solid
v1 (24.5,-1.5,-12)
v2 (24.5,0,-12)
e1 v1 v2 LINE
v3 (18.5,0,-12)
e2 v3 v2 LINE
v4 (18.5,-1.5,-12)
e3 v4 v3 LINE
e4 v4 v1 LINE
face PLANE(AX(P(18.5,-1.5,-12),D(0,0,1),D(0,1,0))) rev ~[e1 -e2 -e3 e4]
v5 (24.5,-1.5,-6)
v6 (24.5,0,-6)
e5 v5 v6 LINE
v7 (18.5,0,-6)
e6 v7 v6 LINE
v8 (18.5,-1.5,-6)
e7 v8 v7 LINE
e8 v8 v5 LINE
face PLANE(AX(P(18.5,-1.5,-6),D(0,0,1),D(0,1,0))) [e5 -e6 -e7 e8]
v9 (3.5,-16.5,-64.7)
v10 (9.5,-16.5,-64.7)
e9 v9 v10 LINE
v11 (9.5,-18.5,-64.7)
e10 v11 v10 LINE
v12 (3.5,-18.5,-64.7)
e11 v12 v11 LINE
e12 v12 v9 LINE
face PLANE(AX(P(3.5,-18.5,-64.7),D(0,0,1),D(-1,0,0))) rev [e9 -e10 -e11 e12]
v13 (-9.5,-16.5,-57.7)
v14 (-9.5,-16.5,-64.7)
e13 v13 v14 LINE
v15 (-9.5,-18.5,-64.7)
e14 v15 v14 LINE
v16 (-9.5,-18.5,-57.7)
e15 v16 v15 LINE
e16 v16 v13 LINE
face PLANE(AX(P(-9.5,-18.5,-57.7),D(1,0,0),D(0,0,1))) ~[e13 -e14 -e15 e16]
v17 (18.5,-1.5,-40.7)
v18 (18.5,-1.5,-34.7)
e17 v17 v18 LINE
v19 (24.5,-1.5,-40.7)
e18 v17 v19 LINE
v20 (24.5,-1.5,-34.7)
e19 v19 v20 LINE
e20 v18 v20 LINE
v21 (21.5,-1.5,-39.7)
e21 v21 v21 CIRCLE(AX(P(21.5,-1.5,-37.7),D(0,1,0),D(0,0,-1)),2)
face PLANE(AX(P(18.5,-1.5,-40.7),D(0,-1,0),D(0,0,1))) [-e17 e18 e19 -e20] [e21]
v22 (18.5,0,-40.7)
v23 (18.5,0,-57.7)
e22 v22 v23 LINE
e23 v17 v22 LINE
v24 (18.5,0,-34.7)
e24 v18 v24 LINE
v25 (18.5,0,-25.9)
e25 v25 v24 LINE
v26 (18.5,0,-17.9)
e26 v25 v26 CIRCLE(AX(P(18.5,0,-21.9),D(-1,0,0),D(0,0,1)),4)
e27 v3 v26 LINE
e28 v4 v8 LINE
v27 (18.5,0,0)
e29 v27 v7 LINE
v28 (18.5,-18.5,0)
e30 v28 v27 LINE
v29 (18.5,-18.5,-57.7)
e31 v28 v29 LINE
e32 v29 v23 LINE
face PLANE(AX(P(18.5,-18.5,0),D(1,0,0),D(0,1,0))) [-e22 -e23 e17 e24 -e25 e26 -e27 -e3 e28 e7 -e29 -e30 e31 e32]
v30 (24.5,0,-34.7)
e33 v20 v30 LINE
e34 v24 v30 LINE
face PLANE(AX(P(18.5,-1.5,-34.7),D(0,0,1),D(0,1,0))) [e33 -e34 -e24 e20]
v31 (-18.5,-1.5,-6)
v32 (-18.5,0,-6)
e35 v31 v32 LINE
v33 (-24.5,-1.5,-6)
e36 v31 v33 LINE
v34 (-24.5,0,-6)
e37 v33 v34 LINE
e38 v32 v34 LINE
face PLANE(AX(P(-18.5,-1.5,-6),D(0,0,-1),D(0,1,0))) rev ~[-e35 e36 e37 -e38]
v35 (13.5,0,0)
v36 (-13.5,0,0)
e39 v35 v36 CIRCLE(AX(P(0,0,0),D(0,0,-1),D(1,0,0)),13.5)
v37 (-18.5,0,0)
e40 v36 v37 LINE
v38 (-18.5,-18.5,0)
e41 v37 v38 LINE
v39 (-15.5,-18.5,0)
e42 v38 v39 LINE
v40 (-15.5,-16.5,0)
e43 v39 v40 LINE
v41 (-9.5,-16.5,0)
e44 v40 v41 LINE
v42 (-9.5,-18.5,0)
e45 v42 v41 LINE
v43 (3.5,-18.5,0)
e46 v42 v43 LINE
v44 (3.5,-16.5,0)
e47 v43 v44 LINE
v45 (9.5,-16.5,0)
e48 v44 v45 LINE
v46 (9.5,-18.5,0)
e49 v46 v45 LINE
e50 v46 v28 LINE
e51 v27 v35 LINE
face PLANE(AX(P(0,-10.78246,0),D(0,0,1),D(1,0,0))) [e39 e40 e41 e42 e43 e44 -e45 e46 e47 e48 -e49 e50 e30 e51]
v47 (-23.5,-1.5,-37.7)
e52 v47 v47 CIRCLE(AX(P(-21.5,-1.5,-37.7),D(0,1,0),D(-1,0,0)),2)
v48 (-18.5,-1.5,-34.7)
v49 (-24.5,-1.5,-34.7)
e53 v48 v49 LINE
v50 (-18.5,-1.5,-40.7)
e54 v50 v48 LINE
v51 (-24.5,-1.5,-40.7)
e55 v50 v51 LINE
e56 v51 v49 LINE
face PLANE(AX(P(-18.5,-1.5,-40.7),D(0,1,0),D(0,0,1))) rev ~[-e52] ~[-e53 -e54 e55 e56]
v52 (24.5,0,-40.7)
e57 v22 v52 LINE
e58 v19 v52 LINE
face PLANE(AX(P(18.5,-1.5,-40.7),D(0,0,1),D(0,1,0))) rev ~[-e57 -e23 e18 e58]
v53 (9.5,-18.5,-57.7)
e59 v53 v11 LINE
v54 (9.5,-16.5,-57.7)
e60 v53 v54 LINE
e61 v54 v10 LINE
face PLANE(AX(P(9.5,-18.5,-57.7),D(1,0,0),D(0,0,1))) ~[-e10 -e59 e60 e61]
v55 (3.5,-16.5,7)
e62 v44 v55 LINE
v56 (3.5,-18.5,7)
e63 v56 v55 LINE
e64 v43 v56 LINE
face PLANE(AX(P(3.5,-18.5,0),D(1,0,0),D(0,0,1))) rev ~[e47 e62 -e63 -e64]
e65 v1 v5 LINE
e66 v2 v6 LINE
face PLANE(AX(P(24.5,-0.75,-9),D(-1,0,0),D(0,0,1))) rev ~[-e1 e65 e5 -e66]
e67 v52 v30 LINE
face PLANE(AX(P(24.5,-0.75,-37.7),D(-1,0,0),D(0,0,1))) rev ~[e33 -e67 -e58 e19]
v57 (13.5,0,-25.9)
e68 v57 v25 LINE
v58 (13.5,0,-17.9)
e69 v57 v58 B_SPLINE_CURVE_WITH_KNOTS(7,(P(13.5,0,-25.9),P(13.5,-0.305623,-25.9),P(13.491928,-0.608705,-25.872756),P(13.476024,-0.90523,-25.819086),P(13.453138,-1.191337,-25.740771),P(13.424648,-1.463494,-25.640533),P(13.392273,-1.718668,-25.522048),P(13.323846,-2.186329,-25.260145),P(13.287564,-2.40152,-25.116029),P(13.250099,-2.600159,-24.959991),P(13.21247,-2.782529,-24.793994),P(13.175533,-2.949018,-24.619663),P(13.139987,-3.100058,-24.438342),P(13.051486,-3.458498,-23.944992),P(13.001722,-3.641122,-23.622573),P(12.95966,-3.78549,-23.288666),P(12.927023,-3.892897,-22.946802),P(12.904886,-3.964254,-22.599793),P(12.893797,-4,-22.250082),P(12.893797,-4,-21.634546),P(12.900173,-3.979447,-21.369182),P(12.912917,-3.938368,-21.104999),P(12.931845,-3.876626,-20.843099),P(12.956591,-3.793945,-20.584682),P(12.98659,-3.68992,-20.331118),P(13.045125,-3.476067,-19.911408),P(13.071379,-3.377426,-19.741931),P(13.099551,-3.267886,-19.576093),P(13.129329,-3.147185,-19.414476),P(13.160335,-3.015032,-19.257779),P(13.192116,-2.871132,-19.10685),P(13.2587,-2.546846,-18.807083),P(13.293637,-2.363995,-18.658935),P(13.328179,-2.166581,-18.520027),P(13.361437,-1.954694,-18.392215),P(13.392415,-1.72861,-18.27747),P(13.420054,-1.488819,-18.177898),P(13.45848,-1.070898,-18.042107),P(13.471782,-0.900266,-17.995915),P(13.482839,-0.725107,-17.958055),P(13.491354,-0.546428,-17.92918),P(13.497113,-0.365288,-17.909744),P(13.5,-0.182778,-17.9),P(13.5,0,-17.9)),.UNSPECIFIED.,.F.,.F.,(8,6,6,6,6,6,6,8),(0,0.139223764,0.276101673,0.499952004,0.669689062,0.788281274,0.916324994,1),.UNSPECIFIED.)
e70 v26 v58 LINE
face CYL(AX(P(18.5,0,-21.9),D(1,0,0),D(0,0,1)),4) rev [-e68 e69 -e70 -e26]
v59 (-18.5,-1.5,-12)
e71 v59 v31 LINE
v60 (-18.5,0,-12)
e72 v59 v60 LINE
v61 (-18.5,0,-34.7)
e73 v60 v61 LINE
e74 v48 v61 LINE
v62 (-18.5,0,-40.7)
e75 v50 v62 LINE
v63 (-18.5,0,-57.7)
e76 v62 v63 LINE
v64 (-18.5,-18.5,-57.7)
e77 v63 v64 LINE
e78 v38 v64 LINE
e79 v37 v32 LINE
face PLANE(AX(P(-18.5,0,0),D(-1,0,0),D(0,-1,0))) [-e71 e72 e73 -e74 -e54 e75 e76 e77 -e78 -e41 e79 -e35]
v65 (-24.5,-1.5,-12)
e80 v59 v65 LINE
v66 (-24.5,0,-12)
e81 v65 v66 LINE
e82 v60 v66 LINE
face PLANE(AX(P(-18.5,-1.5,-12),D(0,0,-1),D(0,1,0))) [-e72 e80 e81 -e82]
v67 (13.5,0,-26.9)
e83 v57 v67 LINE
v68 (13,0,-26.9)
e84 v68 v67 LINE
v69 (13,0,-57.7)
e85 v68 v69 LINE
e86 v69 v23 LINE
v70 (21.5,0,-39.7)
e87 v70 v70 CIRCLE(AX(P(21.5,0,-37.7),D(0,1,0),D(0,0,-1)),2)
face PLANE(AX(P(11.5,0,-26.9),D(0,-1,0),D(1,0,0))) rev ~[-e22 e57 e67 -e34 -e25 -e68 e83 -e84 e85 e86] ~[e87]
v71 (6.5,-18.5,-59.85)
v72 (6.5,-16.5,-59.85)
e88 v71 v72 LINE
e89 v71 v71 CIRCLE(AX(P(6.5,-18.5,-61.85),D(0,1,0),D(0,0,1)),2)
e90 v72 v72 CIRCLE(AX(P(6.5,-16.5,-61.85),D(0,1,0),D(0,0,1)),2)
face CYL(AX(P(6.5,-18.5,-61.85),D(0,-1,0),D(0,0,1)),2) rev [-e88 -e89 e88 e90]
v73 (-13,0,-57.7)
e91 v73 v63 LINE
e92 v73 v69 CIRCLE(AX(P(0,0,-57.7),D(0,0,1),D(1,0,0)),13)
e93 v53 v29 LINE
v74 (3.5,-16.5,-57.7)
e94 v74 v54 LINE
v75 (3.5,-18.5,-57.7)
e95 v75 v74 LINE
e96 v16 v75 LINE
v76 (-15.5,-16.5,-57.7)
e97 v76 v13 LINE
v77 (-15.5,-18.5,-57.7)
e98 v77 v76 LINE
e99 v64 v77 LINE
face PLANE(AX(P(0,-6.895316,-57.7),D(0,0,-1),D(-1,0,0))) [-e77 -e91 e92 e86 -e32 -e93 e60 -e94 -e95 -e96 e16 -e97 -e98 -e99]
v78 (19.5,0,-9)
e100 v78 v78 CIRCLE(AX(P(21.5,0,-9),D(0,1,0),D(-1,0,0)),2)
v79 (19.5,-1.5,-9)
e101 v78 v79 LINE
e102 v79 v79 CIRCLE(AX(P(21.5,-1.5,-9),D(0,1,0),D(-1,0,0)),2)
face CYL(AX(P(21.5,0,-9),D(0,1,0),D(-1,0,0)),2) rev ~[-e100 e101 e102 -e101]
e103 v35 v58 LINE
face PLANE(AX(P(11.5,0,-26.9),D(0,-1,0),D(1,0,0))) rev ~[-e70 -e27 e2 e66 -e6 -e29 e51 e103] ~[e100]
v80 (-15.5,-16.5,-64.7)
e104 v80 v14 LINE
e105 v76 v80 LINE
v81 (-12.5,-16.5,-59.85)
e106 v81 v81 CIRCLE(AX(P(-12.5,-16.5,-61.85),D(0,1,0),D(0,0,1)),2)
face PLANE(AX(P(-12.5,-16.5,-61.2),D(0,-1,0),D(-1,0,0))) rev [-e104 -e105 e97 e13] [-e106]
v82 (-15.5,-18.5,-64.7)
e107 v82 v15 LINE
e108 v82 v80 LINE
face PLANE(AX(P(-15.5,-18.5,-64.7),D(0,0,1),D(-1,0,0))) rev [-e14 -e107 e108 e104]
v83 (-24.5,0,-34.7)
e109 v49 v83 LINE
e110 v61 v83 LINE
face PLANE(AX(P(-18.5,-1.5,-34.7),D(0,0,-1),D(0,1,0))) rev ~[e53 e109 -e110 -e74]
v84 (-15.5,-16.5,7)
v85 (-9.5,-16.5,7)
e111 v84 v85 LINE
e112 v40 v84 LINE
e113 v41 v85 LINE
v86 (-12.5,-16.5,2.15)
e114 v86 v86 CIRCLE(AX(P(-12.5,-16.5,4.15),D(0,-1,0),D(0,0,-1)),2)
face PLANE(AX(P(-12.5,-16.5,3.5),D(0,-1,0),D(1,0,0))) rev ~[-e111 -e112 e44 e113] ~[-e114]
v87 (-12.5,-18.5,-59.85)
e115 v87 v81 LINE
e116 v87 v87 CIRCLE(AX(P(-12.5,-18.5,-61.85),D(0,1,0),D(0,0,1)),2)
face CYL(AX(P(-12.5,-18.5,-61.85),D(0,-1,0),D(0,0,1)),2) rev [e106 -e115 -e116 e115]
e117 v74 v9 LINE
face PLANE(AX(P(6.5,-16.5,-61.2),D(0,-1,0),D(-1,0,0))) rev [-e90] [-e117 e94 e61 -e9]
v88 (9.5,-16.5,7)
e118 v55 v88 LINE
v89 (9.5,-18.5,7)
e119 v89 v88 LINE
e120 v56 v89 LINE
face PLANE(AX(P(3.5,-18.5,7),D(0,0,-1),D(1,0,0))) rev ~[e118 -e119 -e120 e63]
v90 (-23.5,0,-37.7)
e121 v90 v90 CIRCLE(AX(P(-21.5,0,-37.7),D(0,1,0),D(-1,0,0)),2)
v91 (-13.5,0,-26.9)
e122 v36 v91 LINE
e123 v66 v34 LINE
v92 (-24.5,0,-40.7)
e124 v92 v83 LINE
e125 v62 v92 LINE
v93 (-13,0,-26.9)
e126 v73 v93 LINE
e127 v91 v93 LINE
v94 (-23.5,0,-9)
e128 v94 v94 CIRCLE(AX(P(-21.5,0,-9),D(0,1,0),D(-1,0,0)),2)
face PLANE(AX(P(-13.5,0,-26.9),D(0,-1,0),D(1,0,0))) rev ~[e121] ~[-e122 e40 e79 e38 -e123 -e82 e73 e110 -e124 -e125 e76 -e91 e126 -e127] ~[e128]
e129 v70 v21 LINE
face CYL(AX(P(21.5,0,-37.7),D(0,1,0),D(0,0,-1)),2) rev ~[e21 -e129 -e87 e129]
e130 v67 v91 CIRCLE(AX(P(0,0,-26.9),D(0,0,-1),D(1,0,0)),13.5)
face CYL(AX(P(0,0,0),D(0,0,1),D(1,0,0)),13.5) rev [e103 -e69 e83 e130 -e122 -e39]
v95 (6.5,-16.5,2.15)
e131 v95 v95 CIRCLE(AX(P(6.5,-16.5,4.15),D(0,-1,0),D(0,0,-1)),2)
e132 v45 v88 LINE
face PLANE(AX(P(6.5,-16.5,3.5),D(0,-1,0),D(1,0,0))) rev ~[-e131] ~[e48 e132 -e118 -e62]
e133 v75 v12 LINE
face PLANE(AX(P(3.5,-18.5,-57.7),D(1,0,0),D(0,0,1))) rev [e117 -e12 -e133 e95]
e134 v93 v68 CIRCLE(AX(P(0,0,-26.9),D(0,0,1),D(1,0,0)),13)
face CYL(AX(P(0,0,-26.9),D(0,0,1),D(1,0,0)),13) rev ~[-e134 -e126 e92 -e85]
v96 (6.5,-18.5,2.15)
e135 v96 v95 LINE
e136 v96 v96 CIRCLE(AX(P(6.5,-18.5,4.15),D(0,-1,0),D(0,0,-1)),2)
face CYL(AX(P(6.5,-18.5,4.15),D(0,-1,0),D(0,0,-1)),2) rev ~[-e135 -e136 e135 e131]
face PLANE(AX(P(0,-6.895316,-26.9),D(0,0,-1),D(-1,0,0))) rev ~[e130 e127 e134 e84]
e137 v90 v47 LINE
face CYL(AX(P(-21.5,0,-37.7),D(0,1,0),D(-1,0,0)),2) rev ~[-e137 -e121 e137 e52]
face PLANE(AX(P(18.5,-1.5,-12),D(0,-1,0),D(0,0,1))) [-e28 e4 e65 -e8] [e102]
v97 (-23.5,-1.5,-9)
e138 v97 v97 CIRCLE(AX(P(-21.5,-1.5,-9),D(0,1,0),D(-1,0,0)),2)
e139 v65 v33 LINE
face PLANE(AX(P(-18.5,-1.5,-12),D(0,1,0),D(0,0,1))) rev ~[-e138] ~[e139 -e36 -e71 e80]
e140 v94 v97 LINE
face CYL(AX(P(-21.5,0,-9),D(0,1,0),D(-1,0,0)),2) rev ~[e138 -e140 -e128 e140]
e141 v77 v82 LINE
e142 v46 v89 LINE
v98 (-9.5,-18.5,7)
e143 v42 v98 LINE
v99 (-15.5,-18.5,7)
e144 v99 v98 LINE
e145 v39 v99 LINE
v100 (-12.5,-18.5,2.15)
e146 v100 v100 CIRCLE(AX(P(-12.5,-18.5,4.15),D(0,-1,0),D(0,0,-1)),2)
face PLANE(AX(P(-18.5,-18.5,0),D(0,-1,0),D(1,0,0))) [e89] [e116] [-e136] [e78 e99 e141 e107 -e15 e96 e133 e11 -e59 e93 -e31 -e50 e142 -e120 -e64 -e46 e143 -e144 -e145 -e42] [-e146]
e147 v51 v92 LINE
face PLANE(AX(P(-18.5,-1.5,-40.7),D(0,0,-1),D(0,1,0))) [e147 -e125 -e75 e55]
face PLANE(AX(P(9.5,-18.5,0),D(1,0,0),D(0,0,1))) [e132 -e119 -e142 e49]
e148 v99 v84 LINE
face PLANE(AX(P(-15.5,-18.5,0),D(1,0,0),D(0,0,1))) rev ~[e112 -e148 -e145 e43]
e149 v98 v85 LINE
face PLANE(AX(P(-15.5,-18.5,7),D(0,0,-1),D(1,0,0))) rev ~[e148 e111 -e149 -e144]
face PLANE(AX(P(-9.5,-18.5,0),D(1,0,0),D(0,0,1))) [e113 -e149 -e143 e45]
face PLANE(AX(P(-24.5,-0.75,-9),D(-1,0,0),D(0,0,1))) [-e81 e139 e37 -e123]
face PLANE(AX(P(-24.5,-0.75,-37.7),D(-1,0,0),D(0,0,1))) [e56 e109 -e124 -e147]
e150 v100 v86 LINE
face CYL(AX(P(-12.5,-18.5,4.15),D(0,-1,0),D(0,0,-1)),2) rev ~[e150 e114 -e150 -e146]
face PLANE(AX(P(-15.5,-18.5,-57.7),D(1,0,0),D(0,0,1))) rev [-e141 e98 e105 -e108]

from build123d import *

# Parameters (mm, degrees)
EXTRUDE_1_DEPTH     = 57.7
EXTRUDE_2_DEPTH     = 30.8
SKETCH_5_R          = 4
CUT_EXTRUDE_1_DEPTH = 15
SKETCH_7_W          = 6
SKETCH_7_H          = 7
SKETCH_7_R          = 2
EXTRUDE_3_DEPTH     = 2
SKETCH_8_W          = 6
SKETCH_8_H          = 1.5
EXTRUDE_4_DEPTH     = 6
EXTRUDE_START       = -37
SKETCH_8_3_W        = 6
SKETCH_8_3_H        = 1.5
EXTRUDE_5_DEPTH     = 6
SKETCH_9_R          = 2
CUT_EXTRUDE_2_DEPTH = 6
SKETCH_10_R         = 13
CUT_EXTRUDE_3_DEPTH = 49.696406438


with BuildPart() as part:
    # 스케치1 → 보스-돌출1 (new body)
    with BuildSketch(Plane.XY):
        with BuildLine():
            Line((-13.5, 0), (-18.5, 0))
            Line((-18.5, 0), (-18.5, -18.5))
            Line((-18.5, -18.5), (18.5, -18.5))
            Line((18.5, -18.5), (18.5, 0))
            Line((18.5, 0), (13.5, 0))
            ThreePointArc((13.5, 0), (0, -13.5), (-13.5, 0))
        make_face()
    extrude(amount=-EXTRUDE_1_DEPTH)

    # 스케치3 → 보스-돌출2 (add)
    with BuildSketch(Plane.XY.offset(-26.9)):
        with BuildLine():
            Line((-13.5, 0), (-11.5, 0))
            ThreePointArc((-11.5, 0), (0, -11.5), (11.5, 0))
            Line((11.5, 0), (13.5, 0))
            ThreePointArc((13.5, 0), (0, -13.5), (-13.5, 0))
        make_face()
    extrude(amount=-EXTRUDE_2_DEPTH)

    # 스케치5 → 컷-돌출1 (cut)
    with BuildSketch(Plane.ZY.offset(-18.5)):
        with Locations((-21.9, 0)):
            Circle(SKETCH_5_R)
    extrude(amount=CUT_EXTRUDE_1_DEPTH, mode=Mode.SUBTRACT)

    # 스케치7 → 보스-돌출3 (add)
    # profile 1 of 2: a face of its own
    with BuildSketch(Plane.XZ.offset(18.5)):
        with Locations((6.5, 3.5)):
            Rectangle(SKETCH_7_W, SKETCH_7_H)
        with Locations(Location((6.5, 4.15, 0), (0, 0, 270))):
            Circle(SKETCH_7_R, mode=Mode.SUBTRACT)
    # profile 2 of 2: a face of its own
    with BuildSketch(Plane.XZ.offset(18.5)):
        with Locations((-12.5, 3.5)):
            Rectangle(SKETCH_7_W, SKETCH_7_H)
        with Locations(Location((-12.5, 4.15, 0), (0, 0, 270))):
            Circle(SKETCH_7_R, mode=Mode.SUBTRACT)
    extrude_3 = extrude(amount=-EXTRUDE_3_DEPTH)

    # 대칭 복사1: 보스-돌출3 across plane
    add(extrude_3.mirror(Plane.XY.offset(-28.85)))

    # 스케치8 → 보스-돌출4 (add)
    with BuildSketch(Plane.ZY.offset(18.5)):
        with Locations((-9, -0.75)):
            Rectangle(SKETCH_8_W, SKETCH_8_H)
        with Locations((-37.7, -0.75)):
            Rectangle(SKETCH_8_W, SKETCH_8_H)
    extrude(amount=EXTRUDE_4_DEPTH)

    # 스케치8<3> → 보스-돌출5 (add)
    with BuildSketch(Plane.ZY.offset(18.5).offset(EXTRUDE_START)):
        with Locations((-9, -0.75)):
            Rectangle(SKETCH_8_3_W, SKETCH_8_3_H)
        with Locations((-37.7, -0.75)):
            Rectangle(SKETCH_8_3_W, SKETCH_8_3_H)
    extrude(amount=-EXTRUDE_5_DEPTH)

    # 스케치9 → 컷-돌출2 (cut)
    with BuildSketch(Plane(origin=(0, 0, 0), x_dir=(1, 0, 0), z_dir=(0, 1, 0))):
        with Locations(Location((-21.5, 37.7, 0), (0, 0, 180))):
            Circle(SKETCH_9_R)
        with Locations(Location((-21.5, 9, 0), (0, 0, 180))):
            Circle(SKETCH_9_R)
        with Locations(Location((21.5, 9, 0), (0, 0, 180))):
            Circle(SKETCH_9_R)
        with Locations(Location((21.5, 37.7, 0), (0, 0, 90))):
            Circle(SKETCH_9_R)
    extrude(amount=-CUT_EXTRUDE_2_DEPTH, mode=Mode.SUBTRACT)

    # 스케치10 → 컷-돌출3 (cut, through all)
    with BuildSketch(Plane.XY.offset(-26.9)):
        Circle(SKETCH_10_R)
    extrude(amount=-CUT_EXTRUDE_3_DEPTH, mode=Mode.SUBTRACT)


solid = part.part
